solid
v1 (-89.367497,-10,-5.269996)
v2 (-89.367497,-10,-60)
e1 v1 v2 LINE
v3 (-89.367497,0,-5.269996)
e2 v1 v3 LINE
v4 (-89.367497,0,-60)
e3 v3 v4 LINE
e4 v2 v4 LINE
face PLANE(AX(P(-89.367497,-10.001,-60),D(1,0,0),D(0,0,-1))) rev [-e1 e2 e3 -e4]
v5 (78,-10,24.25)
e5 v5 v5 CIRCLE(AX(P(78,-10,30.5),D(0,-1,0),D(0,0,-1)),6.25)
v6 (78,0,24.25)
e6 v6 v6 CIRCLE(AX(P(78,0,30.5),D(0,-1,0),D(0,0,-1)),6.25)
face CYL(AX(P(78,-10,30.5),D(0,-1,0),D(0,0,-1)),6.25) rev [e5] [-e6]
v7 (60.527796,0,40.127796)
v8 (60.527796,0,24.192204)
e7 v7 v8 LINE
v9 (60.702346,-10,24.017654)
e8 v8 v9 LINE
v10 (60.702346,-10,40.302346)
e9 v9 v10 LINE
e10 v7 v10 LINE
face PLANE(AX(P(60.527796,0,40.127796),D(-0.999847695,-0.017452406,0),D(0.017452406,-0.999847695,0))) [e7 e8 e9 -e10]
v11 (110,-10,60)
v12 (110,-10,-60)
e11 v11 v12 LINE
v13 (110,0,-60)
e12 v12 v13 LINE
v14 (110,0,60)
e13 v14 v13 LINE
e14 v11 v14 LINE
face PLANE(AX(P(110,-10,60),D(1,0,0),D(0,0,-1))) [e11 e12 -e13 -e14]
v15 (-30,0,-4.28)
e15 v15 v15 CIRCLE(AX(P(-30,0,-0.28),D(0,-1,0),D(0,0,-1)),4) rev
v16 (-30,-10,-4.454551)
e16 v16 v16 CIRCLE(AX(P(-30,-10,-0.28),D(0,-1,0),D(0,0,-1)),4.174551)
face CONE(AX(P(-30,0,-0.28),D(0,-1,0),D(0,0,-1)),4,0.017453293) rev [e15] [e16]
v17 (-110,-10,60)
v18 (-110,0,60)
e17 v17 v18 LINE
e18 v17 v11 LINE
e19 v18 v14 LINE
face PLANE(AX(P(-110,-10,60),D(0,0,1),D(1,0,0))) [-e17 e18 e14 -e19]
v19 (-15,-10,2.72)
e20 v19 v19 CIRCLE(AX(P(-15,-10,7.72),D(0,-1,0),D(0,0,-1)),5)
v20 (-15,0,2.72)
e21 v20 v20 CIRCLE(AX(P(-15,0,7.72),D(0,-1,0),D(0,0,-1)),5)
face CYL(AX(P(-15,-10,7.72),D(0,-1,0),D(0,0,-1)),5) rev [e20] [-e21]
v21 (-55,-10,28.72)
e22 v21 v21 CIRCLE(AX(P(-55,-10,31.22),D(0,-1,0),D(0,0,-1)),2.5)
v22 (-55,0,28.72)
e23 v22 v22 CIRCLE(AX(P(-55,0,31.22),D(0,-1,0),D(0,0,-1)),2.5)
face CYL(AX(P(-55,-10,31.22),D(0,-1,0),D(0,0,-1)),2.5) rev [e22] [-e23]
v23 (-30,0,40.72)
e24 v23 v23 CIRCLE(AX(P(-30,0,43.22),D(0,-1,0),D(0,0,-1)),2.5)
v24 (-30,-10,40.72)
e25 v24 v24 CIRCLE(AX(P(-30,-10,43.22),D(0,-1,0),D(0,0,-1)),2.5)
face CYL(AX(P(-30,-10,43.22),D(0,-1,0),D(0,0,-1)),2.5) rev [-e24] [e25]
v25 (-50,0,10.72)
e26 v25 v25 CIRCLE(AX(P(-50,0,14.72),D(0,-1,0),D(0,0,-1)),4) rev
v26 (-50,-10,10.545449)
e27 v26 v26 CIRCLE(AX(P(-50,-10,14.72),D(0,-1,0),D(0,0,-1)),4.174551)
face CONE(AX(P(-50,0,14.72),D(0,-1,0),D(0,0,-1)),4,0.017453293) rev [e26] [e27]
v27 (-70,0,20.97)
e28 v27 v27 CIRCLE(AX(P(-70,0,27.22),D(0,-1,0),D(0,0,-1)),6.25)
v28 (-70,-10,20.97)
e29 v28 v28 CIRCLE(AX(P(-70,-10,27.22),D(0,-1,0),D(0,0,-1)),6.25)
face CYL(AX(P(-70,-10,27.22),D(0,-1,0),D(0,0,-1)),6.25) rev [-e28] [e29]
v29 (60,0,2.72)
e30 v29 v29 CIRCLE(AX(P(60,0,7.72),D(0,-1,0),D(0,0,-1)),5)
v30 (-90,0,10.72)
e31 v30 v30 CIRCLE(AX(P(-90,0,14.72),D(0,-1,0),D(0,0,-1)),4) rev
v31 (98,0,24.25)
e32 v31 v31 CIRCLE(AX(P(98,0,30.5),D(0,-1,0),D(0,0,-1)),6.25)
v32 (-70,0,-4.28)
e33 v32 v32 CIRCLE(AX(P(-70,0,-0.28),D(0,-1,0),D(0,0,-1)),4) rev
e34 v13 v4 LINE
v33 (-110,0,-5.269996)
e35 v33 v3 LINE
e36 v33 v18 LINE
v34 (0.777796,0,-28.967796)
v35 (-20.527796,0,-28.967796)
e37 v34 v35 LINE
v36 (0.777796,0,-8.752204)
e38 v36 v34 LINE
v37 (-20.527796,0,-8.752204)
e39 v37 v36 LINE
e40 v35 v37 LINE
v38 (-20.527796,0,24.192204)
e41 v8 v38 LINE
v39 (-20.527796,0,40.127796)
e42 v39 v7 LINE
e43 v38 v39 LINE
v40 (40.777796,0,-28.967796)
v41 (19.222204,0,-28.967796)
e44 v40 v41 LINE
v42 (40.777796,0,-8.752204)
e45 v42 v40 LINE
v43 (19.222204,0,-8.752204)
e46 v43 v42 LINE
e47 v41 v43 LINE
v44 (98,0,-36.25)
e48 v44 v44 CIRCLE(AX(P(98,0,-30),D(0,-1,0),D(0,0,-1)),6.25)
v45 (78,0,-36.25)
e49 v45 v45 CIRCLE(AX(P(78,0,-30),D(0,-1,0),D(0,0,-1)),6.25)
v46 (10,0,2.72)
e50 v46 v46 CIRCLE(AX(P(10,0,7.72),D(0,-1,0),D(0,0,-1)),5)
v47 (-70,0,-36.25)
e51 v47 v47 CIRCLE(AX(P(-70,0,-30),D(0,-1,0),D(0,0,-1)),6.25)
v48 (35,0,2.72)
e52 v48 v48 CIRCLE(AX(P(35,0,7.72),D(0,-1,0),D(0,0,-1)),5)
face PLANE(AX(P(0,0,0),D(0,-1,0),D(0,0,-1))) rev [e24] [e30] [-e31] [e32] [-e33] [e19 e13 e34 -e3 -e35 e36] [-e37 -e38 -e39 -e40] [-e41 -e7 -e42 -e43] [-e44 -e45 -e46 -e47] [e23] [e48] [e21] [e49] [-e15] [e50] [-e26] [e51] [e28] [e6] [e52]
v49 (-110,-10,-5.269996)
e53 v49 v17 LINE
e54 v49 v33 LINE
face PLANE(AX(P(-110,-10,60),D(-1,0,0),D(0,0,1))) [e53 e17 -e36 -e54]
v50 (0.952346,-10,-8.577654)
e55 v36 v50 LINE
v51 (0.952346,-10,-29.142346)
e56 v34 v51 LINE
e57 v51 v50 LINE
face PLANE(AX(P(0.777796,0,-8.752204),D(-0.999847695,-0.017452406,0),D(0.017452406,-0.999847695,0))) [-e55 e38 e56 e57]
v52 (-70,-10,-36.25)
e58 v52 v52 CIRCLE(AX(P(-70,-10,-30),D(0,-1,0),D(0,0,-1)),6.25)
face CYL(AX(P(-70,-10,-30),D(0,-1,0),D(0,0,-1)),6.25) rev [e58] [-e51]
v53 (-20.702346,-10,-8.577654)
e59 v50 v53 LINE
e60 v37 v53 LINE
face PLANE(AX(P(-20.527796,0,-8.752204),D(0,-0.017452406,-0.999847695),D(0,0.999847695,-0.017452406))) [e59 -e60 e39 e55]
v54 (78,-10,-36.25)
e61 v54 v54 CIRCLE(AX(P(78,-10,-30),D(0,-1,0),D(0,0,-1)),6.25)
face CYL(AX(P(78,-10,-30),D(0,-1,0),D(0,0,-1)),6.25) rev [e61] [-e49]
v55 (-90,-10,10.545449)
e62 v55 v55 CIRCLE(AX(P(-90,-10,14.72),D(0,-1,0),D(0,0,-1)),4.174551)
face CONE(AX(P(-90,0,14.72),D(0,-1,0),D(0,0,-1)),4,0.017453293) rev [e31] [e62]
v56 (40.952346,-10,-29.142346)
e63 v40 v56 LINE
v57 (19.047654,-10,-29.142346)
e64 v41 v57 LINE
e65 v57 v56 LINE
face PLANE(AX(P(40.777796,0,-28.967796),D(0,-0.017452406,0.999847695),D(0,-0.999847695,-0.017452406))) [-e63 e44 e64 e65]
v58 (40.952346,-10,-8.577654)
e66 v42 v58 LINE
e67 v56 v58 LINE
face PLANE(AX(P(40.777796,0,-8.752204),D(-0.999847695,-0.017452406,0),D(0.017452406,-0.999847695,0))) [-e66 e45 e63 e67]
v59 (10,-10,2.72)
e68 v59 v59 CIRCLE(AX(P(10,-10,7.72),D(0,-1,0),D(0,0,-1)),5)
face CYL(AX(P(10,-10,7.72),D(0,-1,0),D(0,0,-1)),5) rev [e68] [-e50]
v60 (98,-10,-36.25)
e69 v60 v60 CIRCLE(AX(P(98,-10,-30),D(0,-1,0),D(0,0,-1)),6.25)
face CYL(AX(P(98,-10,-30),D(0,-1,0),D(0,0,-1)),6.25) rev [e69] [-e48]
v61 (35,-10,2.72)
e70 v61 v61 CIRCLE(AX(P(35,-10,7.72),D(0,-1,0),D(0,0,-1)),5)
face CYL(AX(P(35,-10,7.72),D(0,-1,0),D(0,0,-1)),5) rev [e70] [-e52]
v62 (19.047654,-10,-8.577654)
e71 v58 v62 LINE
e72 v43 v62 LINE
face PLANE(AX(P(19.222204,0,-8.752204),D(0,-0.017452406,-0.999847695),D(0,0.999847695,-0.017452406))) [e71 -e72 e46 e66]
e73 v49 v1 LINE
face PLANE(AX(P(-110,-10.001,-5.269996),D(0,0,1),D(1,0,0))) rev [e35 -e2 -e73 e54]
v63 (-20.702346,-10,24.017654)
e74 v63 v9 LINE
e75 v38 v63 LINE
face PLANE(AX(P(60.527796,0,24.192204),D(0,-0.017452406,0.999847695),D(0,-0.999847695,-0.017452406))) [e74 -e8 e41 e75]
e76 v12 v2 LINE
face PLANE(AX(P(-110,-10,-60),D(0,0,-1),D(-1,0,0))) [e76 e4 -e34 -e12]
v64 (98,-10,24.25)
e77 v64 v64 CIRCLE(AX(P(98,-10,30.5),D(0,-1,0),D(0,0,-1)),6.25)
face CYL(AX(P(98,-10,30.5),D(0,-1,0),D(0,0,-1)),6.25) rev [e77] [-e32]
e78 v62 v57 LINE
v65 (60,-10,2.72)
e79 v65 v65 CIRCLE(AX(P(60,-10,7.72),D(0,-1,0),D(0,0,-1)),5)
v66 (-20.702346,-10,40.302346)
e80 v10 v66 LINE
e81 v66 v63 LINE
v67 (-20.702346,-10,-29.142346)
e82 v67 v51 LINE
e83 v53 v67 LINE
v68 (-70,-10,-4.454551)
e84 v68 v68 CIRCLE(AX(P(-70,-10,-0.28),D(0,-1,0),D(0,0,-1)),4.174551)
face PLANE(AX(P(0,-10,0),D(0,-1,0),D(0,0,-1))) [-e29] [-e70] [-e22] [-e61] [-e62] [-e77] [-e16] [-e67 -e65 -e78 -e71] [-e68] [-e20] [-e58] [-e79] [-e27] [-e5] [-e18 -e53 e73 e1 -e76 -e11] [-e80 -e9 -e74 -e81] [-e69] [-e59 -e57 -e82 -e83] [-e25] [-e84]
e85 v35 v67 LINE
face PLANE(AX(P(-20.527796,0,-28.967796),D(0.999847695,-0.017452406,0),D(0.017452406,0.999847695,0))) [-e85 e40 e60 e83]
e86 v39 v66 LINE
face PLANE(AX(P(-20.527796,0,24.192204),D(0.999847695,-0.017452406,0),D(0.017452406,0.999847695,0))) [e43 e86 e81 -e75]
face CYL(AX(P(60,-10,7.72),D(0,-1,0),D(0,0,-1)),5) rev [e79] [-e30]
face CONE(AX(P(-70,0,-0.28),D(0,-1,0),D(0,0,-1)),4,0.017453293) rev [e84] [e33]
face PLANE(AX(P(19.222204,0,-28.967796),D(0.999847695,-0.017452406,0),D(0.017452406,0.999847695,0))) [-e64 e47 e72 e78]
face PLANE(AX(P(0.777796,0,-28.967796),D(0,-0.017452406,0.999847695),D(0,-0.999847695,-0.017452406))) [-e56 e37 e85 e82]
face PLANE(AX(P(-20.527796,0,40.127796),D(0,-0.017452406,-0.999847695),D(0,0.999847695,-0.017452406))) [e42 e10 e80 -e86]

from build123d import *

# Parameters (mm, degrees)
SKETCH1_W                    = 220
SKETCH1_H                    = 120
BOSS_EXTRUDE1_DEPTH          = 10
CUT_EXTRUDE1_REACH           = 127.698
SKETCH2_W                    = 20.632503002
SKETCH2_H                    = 54.730004003
F_12_5_12_5_DIAMETER_HOLE1_D = 12.5
F_10_0_10_DIAMETER_HOLE1_D   = 10
F_5_0MM_DOWEL_HOLE1_D        = 5
CUT_EXTRUDE2_REACH           = 127.698
SKETCH12_R                   = 4
SKETCH12_W                   = 81.05559148
SKETCH12_H                   = 15.93559148
SKETCH12_W_2                 = 21.30559148
SKETCH12_H_2                 = 20.21559148
SKETCH12_W_3                 = 21.55559148
DRAFT1_ANGLE                 = -1


with BuildPart() as part:
    # Sketch1 → Boss-Extrude1 (new body)
    with BuildSketch(Plane(origin=(0, 0, 0), x_dir=(1, 0, 0), z_dir=(0, 1, 0))):
        Rectangle(SKETCH1_W, SKETCH1_H)
    extrude(amount=-BOSS_EXTRUDE1_DEPTH)

    # Sketch2 → Cut-Extrude1 (cut, up to next)
    with BuildSketch(Plane(origin=(0, 0, 0), x_dir=(1, 0, 0), z_dir=(0, 1, 0)), mode=Mode.PRIVATE) as cut_extrude1_sk1:
        with Locations((-99.683748499, 32.634997999)):
            Rectangle(SKETCH2_W, SKETCH2_H)
    cut_extrude1_tool1 = extrude(cut_extrude1_sk1.sketch, amount=-CUT_EXTRUDE1_REACH, mode=Mode.PRIVATE) & part.part
    add(cut_extrude1_tool1.solids().sort_by_distance((-99.683748, 0, -32.634998))[0], mode=Mode.SUBTRACT)

    # Ø12.5 (12.5) Diameter Hole1 (through all)
    with Locations(Plane(origin=(0, -10, 0), x_dir=(-1, 0, 0), z_dir=(0, -1, 0))):
        with Locations((-98, 30), (-78, 30), (70, 30), (-98, -30.5), (-78, -30.5), (70, -27.22)):
            Hole(F_12_5_12_5_DIAMETER_HOLE1_D / 2)

    # Ø10.0 (10) Diameter Hole1 (through all)
    with Locations(Plane(origin=(0, -10, 0), x_dir=(-1, 0, 0), z_dir=(0, -1, 0))):
        with Locations((-60, -7.72), (-35, -7.72), (-10, -7.72), (15, -7.72)):
            Hole(F_10_0_10_DIAMETER_HOLE1_D / 2)

    # Ø5.0mm Dowel Hole1 (through all)
    with Locations(Plane(origin=(0, -10, 0), x_dir=(-1, 0, 0), z_dir=(0, -1, 0))):
        with Locations((30, -43.22), (55, -31.22)):
            Hole(F_5_0MM_DOWEL_HOLE1_D / 2)

    # Sketch12 → Cut-Extrude2 (cut, up to next)
    with BuildSketch(Plane.XZ.offset(10), mode=Mode.PRIVATE) as cut_extrude2_sk1:
        with Locations(Location((-90, 14.72, 0), (0, 0, 270))):
            Circle(SKETCH12_R)
    cut_extrude2_tool1 = extrude(cut_extrude2_sk1.sketch, amount=-CUT_EXTRUDE2_REACH, mode=Mode.PRIVATE) & part.part
    # Sketch12 → Cut-Extrude2 (cut, up to next)
    with BuildSketch(Plane.XZ.offset(10), mode=Mode.PRIVATE) as cut_extrude2_sk2:
        with Locations(Location((-70, -0.28, 0), (0, 0, 270))):
            Circle(SKETCH12_R)
    cut_extrude2_tool2 = extrude(cut_extrude2_sk2.sketch, amount=-CUT_EXTRUDE2_REACH, mode=Mode.PRIVATE) & part.part
    # Sketch12 → Cut-Extrude2 (cut, up to next)
    with BuildSketch(Plane.XZ.offset(10), mode=Mode.PRIVATE) as cut_extrude2_sk3:
        with Locations(Location((-50, 14.72, 0), (0, 0, 270))):
            Circle(SKETCH12_R)
    cut_extrude2_tool3 = extrude(cut_extrude2_sk3.sketch, amount=-CUT_EXTRUDE2_REACH, mode=Mode.PRIVATE) & part.part
    # Sketch12 → Cut-Extrude2 (cut, up to next)
    with BuildSketch(Plane.XZ.offset(10), mode=Mode.PRIVATE) as cut_extrude2_sk4:
        with Locations(Location((-30, -0.28, 0), (0, 0, 270))):
            Circle(SKETCH12_R)
    cut_extrude2_tool4 = extrude(cut_extrude2_sk4.sketch, amount=-CUT_EXTRUDE2_REACH, mode=Mode.PRIVATE) & part.part
    # Sketch12 → Cut-Extrude2 (cut, up to next)
    with BuildSketch(Plane.XZ.offset(10), mode=Mode.PRIVATE) as cut_extrude2_sk5:
        with Locations((20, 32.16)):
            Rectangle(SKETCH12_W, SKETCH12_H)
    cut_extrude2_tool5 = extrude(cut_extrude2_sk5.sketch, amount=-CUT_EXTRUDE2_REACH, mode=Mode.PRIVATE) & part.part
    # Sketch12 → Cut-Extrude2 (cut, up to next)
    with BuildSketch(Plane.XZ.offset(10), mode=Mode.PRIVATE) as cut_extrude2_sk6:
        with Locations((-9.875, -18.86)):
            Rectangle(SKETCH12_W_2, SKETCH12_H_2)
    cut_extrude2_tool6 = extrude(cut_extrude2_sk6.sketch, amount=-CUT_EXTRUDE2_REACH, mode=Mode.PRIVATE) & part.part
    # Sketch12 → Cut-Extrude2 (cut, up to next)
    with BuildSketch(Plane.XZ.offset(10), mode=Mode.PRIVATE) as cut_extrude2_sk7:
        with Locations((30, -18.86)):
            Rectangle(SKETCH12_W_3, SKETCH12_H_2)
    cut_extrude2_tool7 = extrude(cut_extrude2_sk7.sketch, amount=-CUT_EXTRUDE2_REACH, mode=Mode.PRIVATE) & part.part
    add(cut_extrude2_tool1.solids().sort_by_distance((-90, -10, 14.72))[0], mode=Mode.SUBTRACT)
    add(cut_extrude2_tool2.solids().sort_by_distance((-70, -10, -0.28))[0], mode=Mode.SUBTRACT)
    add(cut_extrude2_tool3.solids().sort_by_distance((-50, -10, 14.72))[0], mode=Mode.SUBTRACT)
    add(cut_extrude2_tool4.solids().sort_by_distance((-30, -10, -0.28))[0], mode=Mode.SUBTRACT)
    add(cut_extrude2_tool5.solids().sort_by_distance((20, -10, 32.16))[0], mode=Mode.SUBTRACT)
    add(cut_extrude2_tool6.solids().sort_by_distance((-9.875, -10, -18.86))[0], mode=Mode.SUBTRACT)
    add(cut_extrude2_tool7.solids().sort_by_distance((30, -10, -18.86))[0], mode=Mode.SUBTRACT)

    # Draft1
    draft1_faces = [part.faces().sort_by_distance(p)[0] for p in [
        (60.52779574, -5, 32.16),
        (20, -5, 40.12779574),
        (-20.52779574, -5, 32.16),
        (20, -5, 24.19220426),
        (-9.875, -5, -8.75220426),
        (30, -5, -8.75220426),
        (40.77779574, -5, -18.86),
        (0.77779574, -5, -18.86),
        (-20.52779574, -5, -18.86),
        (19.22220426, -5, -18.86),
        (30, -5, -28.96779574),
        (-9.875, -5, -28.96779574),
        (-50, -5, 18.72),
        (-30, -5, 3.72),
        (-70, -5, 3.72),
        (-90, -5, 18.72),
    ]]
    draft(draft1_faces, Plane.ZX, DRAFT1_ANGLE)


solid = part.part
